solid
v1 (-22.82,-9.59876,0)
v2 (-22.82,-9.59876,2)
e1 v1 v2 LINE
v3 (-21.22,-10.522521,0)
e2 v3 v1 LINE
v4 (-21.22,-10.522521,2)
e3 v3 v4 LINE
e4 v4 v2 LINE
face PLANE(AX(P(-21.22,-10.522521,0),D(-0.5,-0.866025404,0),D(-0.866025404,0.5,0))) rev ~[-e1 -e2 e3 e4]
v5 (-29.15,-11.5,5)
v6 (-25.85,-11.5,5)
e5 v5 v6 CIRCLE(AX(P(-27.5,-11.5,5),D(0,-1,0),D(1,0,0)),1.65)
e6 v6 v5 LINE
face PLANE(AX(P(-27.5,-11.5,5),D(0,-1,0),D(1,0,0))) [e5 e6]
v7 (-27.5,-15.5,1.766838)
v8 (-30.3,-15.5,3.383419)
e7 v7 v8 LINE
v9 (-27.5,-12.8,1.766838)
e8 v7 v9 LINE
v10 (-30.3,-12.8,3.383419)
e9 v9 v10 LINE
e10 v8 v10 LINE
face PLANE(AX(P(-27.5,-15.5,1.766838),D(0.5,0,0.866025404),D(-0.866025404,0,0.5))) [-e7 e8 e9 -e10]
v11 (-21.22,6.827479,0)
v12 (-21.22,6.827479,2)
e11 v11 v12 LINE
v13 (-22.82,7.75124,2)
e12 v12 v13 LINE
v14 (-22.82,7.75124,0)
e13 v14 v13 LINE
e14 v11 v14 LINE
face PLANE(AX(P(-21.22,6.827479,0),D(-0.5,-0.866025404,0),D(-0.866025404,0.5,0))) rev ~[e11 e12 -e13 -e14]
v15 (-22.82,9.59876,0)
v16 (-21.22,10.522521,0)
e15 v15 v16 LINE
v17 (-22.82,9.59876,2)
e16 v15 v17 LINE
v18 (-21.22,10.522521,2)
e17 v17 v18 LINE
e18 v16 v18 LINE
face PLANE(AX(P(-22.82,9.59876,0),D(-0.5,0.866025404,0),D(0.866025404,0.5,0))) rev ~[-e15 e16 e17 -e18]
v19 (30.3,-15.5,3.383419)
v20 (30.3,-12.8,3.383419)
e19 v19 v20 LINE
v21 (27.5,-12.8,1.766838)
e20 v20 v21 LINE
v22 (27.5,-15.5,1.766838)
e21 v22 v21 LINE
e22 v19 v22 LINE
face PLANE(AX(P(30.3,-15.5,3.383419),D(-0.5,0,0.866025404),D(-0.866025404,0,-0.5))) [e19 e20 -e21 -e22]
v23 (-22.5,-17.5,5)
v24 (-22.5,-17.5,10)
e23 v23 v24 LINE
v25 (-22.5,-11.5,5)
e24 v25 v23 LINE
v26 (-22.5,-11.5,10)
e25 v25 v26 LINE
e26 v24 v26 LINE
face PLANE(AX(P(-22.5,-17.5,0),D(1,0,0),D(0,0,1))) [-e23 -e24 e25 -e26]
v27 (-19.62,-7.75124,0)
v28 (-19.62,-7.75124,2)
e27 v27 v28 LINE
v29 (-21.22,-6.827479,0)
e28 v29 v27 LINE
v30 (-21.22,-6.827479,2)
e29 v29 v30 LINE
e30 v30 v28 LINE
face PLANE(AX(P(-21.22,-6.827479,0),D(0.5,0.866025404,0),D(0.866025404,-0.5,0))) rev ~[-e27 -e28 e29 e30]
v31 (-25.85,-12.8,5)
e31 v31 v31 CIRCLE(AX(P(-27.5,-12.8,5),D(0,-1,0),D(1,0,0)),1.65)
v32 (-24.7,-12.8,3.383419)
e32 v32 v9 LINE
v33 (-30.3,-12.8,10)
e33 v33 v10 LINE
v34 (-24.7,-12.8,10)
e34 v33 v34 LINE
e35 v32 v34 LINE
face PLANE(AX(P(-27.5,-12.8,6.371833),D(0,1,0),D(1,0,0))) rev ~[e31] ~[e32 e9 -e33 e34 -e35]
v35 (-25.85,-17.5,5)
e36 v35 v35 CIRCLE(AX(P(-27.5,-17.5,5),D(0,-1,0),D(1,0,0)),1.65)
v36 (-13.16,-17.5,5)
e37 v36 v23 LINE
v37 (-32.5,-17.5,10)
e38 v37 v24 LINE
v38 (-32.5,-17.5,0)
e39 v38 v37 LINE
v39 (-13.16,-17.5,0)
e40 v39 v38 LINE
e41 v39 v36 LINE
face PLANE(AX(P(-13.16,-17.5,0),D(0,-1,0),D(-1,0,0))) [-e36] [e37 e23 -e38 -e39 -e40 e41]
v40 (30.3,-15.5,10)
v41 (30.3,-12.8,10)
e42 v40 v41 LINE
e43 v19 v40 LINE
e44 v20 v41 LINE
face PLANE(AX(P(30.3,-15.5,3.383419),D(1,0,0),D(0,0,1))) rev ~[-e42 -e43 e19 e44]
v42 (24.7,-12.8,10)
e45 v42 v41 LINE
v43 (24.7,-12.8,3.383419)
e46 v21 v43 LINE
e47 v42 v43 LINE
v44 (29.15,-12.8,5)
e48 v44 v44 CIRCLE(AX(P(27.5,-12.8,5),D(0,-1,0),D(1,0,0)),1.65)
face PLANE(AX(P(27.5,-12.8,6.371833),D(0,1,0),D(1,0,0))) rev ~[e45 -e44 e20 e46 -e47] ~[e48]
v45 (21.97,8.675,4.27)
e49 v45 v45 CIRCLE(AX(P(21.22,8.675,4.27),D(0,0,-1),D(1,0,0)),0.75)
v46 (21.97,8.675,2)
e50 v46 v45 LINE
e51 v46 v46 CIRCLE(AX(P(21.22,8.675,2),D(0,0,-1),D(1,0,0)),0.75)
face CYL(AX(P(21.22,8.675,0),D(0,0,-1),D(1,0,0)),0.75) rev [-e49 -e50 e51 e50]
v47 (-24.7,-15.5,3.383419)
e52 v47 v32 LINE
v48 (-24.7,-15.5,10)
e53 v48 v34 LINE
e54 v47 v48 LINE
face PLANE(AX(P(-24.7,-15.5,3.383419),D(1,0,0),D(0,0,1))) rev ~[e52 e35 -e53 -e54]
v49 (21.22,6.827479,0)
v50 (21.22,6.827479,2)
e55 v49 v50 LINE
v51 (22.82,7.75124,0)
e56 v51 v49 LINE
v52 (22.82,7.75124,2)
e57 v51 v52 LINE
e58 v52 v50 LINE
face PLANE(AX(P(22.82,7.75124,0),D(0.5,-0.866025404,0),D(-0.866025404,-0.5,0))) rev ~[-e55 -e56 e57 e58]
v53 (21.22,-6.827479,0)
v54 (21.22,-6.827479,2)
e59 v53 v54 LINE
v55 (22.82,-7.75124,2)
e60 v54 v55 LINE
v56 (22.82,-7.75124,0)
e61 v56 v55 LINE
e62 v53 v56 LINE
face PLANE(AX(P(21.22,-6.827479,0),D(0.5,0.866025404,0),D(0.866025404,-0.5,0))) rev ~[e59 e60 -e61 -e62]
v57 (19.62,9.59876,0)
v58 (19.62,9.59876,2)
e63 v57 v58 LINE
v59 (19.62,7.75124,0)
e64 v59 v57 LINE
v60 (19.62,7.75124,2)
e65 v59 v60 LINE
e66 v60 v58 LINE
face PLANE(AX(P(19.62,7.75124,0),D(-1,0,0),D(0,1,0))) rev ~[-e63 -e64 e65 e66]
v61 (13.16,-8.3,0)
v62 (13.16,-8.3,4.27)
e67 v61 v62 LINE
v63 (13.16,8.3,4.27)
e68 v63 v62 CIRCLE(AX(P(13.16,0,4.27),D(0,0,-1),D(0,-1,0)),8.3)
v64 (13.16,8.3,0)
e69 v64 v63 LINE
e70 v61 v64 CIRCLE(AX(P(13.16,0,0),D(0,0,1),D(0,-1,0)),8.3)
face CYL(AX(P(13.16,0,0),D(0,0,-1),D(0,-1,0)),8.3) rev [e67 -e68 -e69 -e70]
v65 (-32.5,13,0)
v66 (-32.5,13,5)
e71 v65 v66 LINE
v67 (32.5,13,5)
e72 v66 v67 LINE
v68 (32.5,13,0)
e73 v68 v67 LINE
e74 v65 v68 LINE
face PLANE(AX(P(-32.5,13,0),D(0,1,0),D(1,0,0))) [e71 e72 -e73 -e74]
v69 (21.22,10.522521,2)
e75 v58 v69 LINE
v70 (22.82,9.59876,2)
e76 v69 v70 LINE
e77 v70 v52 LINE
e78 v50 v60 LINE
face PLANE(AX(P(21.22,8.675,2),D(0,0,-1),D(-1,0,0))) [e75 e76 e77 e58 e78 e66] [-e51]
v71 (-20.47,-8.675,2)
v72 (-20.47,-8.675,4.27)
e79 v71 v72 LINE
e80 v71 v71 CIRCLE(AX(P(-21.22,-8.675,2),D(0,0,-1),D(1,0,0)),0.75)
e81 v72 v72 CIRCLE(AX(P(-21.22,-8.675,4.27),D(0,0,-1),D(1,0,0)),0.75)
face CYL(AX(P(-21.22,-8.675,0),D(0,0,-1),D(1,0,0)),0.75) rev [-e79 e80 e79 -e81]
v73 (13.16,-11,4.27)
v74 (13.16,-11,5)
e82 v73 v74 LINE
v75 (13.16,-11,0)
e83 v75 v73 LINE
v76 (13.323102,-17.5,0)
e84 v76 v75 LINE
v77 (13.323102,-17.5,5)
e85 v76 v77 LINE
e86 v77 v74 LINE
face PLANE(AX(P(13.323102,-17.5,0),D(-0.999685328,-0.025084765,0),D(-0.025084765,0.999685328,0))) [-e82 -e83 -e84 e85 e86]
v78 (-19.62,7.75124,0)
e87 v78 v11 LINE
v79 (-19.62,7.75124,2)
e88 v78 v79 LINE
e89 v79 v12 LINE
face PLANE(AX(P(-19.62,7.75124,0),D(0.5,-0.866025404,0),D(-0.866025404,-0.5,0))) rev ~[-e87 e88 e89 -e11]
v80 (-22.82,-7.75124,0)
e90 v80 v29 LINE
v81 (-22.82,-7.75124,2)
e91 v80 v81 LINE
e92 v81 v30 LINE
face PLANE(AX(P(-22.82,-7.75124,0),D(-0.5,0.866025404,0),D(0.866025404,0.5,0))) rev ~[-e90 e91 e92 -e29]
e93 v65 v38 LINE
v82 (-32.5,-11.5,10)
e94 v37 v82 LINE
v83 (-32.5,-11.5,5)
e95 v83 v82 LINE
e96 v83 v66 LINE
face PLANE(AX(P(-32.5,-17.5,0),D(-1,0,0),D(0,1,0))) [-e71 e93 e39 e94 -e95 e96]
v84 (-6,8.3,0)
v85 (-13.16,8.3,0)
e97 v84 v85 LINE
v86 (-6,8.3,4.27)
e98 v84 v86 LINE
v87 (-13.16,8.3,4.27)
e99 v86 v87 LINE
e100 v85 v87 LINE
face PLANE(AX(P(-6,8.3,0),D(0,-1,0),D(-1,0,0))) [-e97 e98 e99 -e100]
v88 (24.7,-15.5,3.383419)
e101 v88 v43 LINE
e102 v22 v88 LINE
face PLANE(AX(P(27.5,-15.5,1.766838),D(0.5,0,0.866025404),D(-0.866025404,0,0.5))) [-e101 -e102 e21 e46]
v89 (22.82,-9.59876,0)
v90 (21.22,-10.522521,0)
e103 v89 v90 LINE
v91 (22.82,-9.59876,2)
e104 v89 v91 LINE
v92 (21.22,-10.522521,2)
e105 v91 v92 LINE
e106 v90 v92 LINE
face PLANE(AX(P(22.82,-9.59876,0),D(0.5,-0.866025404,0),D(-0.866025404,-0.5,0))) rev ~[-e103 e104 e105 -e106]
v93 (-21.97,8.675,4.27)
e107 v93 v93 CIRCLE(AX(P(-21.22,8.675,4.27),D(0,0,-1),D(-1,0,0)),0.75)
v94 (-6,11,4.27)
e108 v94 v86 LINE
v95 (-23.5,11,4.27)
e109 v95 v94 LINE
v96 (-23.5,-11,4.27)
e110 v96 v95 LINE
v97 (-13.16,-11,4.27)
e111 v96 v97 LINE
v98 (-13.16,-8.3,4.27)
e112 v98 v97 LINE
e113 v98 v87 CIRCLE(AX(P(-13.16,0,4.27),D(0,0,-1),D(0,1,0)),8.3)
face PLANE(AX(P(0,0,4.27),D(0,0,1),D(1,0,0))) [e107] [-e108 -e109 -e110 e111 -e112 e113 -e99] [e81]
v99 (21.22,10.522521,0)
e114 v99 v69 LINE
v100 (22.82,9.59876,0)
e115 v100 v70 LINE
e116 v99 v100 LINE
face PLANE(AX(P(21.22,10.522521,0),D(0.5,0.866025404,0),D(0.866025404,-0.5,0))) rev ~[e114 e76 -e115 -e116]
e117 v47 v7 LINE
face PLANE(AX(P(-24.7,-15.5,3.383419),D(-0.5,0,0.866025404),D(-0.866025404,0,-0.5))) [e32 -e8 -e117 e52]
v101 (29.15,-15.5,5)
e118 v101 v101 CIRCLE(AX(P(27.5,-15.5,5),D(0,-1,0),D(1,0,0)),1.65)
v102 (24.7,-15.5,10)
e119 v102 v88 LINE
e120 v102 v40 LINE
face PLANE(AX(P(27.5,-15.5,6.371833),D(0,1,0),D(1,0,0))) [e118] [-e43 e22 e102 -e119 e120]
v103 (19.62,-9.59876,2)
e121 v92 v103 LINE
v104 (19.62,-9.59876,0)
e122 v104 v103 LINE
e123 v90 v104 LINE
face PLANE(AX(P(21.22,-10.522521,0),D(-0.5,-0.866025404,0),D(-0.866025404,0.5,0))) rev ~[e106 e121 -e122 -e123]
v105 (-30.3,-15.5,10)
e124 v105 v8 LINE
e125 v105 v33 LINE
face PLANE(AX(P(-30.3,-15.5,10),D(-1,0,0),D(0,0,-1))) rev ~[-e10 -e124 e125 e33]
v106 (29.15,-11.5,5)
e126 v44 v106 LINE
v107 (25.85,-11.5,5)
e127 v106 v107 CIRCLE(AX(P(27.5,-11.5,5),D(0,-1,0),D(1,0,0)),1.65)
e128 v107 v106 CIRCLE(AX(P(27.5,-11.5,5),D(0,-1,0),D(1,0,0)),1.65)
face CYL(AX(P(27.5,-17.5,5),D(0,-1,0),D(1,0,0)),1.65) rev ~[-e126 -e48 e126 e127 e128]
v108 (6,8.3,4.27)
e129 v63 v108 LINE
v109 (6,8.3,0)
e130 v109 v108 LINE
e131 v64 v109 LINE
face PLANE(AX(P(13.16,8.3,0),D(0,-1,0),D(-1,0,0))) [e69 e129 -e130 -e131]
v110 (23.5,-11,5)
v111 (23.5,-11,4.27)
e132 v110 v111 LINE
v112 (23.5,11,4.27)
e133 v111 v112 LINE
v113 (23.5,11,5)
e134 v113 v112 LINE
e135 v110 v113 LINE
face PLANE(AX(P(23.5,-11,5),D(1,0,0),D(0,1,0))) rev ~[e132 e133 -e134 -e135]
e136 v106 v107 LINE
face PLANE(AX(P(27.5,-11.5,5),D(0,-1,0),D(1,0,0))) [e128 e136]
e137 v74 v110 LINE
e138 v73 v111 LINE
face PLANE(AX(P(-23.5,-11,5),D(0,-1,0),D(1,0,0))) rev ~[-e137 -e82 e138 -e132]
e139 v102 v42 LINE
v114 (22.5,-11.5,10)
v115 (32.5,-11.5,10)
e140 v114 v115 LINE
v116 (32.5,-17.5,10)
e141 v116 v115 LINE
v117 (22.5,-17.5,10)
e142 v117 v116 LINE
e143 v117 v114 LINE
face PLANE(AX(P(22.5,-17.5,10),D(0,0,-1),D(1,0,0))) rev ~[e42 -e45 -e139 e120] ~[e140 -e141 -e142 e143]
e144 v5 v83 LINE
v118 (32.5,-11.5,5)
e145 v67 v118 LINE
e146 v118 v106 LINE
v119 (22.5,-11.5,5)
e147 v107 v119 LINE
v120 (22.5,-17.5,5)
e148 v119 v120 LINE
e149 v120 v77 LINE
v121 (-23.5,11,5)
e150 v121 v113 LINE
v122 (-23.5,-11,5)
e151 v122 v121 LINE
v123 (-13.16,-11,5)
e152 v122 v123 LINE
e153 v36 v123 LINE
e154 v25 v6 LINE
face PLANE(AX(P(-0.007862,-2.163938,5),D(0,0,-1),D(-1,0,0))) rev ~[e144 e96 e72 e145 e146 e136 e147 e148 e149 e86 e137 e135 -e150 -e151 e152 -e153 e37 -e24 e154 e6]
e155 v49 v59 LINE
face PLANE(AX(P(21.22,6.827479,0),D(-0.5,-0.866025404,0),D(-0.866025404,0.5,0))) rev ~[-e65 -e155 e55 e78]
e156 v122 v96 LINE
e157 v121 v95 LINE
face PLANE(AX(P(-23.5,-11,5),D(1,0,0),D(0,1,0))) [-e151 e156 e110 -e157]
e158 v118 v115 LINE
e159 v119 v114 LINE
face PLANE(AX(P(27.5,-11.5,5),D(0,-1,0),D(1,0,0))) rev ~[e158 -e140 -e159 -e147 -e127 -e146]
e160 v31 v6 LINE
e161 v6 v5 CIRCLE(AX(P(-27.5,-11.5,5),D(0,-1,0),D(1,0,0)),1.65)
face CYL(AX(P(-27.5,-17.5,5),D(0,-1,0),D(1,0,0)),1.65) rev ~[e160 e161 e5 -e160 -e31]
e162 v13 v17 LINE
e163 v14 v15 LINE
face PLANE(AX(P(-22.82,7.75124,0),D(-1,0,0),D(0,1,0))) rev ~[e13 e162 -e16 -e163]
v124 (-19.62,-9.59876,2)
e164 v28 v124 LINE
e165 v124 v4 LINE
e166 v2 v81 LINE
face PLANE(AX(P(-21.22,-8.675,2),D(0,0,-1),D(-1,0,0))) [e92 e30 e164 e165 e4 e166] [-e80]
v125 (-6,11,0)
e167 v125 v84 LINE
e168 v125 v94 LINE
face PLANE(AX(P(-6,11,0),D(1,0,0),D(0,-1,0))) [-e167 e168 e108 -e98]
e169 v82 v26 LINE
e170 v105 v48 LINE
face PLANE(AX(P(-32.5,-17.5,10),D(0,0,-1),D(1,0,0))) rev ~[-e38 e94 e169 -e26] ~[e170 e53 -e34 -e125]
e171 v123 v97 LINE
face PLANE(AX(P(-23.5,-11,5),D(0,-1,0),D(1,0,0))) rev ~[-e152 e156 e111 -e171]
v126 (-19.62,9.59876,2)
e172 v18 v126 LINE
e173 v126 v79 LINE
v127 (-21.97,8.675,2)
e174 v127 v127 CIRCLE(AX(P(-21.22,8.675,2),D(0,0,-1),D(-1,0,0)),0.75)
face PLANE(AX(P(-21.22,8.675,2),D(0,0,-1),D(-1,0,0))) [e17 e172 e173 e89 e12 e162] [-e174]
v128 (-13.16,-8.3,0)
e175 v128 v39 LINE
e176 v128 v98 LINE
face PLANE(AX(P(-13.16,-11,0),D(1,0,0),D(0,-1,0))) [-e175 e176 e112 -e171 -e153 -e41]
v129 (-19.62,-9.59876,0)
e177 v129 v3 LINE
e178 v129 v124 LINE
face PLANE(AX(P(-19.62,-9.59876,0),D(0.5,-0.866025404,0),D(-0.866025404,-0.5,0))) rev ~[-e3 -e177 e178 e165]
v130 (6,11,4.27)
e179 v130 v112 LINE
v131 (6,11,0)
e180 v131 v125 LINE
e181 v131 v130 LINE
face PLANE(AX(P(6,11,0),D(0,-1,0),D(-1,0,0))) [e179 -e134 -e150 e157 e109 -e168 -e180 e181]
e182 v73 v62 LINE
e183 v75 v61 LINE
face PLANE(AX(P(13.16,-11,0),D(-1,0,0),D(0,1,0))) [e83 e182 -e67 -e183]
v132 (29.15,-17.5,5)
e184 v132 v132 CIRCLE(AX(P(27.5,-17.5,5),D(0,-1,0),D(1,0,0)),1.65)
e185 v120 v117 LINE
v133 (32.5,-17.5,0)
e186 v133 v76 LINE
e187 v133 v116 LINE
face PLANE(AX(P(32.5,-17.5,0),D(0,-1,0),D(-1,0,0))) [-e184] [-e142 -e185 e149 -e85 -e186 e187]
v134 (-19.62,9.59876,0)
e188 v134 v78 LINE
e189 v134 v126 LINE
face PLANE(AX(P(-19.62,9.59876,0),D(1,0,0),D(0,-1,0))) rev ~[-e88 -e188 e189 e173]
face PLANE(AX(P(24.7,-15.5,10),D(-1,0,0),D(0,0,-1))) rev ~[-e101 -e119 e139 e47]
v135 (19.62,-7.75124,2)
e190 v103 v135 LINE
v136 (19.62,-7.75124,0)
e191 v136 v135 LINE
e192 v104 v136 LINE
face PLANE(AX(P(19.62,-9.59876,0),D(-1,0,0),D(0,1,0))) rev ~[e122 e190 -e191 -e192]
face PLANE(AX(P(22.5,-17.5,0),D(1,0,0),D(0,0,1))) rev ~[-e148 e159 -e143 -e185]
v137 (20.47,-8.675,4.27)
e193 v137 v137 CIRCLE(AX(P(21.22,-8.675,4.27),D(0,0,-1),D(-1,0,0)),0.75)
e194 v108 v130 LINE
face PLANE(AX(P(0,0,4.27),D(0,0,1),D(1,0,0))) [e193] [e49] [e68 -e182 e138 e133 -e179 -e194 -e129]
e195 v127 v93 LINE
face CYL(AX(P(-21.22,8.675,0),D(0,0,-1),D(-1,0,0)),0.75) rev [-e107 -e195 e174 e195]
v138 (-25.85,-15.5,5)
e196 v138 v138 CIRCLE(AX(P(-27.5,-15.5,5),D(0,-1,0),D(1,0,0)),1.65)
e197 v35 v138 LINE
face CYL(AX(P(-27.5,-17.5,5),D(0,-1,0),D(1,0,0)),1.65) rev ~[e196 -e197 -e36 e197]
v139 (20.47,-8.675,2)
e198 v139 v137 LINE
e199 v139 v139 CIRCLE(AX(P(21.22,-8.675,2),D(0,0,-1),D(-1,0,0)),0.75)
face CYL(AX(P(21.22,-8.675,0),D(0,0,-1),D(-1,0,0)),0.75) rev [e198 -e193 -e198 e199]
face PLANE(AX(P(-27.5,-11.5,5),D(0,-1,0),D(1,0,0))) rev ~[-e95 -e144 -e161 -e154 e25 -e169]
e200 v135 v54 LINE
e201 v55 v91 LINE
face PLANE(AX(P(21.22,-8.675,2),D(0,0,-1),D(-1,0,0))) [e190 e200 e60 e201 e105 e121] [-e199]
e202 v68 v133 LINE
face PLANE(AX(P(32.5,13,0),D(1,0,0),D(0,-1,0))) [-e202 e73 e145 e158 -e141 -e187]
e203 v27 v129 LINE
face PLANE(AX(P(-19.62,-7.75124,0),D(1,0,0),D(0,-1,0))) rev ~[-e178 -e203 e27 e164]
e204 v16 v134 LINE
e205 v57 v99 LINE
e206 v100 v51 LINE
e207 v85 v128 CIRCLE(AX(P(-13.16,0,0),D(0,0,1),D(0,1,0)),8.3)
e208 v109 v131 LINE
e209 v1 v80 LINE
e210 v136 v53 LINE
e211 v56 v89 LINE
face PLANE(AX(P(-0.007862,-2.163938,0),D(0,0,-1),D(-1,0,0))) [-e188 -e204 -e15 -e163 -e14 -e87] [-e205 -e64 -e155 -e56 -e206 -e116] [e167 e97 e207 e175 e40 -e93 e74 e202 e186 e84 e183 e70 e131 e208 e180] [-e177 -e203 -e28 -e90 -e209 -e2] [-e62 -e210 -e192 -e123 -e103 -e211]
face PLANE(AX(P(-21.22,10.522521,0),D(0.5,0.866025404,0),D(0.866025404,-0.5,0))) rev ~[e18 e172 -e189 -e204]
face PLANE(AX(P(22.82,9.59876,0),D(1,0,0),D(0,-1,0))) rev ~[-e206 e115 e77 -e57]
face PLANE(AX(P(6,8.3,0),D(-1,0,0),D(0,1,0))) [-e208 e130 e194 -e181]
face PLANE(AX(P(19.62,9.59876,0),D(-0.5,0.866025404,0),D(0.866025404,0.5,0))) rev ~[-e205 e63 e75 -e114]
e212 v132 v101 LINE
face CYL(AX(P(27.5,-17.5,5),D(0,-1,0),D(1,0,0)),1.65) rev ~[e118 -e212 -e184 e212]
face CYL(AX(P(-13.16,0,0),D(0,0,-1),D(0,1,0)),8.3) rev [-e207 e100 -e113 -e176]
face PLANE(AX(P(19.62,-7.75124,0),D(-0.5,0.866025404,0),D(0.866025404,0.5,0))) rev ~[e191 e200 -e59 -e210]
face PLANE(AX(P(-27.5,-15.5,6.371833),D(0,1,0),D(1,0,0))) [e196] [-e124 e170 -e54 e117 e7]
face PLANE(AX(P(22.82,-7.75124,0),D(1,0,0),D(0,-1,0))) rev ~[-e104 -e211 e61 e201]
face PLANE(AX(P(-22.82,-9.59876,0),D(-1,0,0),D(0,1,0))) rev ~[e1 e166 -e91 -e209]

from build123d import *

# Parameters (mm, degrees)
EXTRUDE_1_DEPTH      = 5
SKETCH_1_R           = 0.75
CUT_EXTRUDE_11_DEPTH = 5
SKETCH_3_W           = 47
SKETCH_3_H           = 22
CUT_EXTRUDE_14_DEPTH = 0.73
SKETCH_4_W           = 10
SKETCH_4_H           = 10
EXTRUDE_2_DEPTH      = 6
SKETCH_5_R           = 1.65
CUT_EXTRUDE_15_DEPTH = 6
CUT_EXTRUDE_16_DEPTH = 2.7
CUT_EXTRUDE_17_DEPTH = 2


with BuildPart() as part:
    # Эскиз2 → Бобышка-Вытянуть1 (new body)
    with BuildSketch(Plane.XY):
        Polygon((-32.499999999, 13), (32.500000001, 13), (32.500000001, -17.5), (13.323102298, -17.5), (13.16, -11), (-13.16, -11), (-13.16, -17.5), (-32.499999999, -17.5), align=None)
    extrude(amount=EXTRUDE_1_DEPTH)

    # Эскиз1 → Вырез-Вытянуть11 (cut)
    with BuildSketch(Plane.XY):
        with Locations((21.22, 8.675)):
            Circle(SKETCH_1_R)
        with Locations(Location((21.22, -8.675, 0), (0, 0, 180))):
            Circle(SKETCH_1_R)
        with Locations((-21.22, -8.675)):
            Circle(SKETCH_1_R)
        with Locations(Location((-21.22, 8.675, 0), (0, 0, 180))):
            Circle(SKETCH_1_R)
        with BuildLine():
            Line((13.16, 8.3), (6, 8.3))
            Line((6, 8.3), (6, 11))
            Line((6, 11), (-6, 11))
            Line((-6, 11), (-6, 8.3))
            Line((-6, 8.3), (-13.16, 8.3))
            ThreePointArc((-13.16, 8.3), (-21.46, 0), (-13.16, -8.3))
            Line((-13.16, -8.3), (-13.16, -11))
            Line((-13.16, -11), (13.16, -11))
            Line((13.16, -11), (13.16, -8.3))
            ThreePointArc((13.16, -8.3), (21.46, 0), (13.16, 8.3))
        make_face()
    extrude(amount=CUT_EXTRUDE_11_DEPTH, mode=Mode.SUBTRACT)

    # Эскиз3 → Вырез-Вытянуть14 (cut)
    with BuildSketch(Plane.XY.offset(5)):
        Rectangle(SKETCH_3_W, SKETCH_3_H)
    extrude(amount=-CUT_EXTRUDE_14_DEPTH, mode=Mode.SUBTRACT)

    # Эскиз4 → Бобышка-Вытянуть2 (add)
    with BuildSketch(Plane.XZ.offset(17.5)):
        with Locations((-27.499999999, 5)):
            Rectangle(SKETCH_4_W, SKETCH_4_H)
        with Locations((27.500000001, 5)):
            Rectangle(SKETCH_4_W, SKETCH_4_H)
    extrude(amount=-EXTRUDE_2_DEPTH)

    # Эскиз5 → Вырез-Вытянуть15 (cut)
    with BuildSketch(Plane.XZ.offset(17.5)):
        with Locations((-27.499999999, 5)):
            Circle(SKETCH_5_R)
        with Locations((27.500000001, 5)):
            Circle(SKETCH_5_R)
    extrude(amount=-CUT_EXTRUDE_15_DEPTH, mode=Mode.SUBTRACT)

    # Эскиз6 → Вырез-Вытянуть16 (cut)
    with BuildSketch(Plane(origin=(0, -15.5, 0), x_dir=(-1, 0, 0), z_dir=(0, -1, 0))):
        Polygon((30.299999999, -6.616580754), (30.299999999, -10), (24.699999999, -10), (24.699999999, -6.616580754), (24.699999999, -3.383419246), (27.499999999, -1.766838493), (30.299999999, -3.383419246), align=None)
        Polygon((-24.700000001, -6.616580754), (-24.700000001, -10), (-30.300000001, -10), (-30.300000001, -6.616580754), (-30.300000001, -3.383419246), (-27.500000001, -1.766838493), (-24.700000001, -3.383419246), align=None)
    extrude(amount=-CUT_EXTRUDE_16_DEPTH, mode=Mode.SUBTRACT)

    # Эскиз7 → Вырез-Вытянуть17 (cut)
    with BuildSketch(Plane(origin=(0, 0, 0), x_dir=(-1, 0, 0), z_dir=(0, 0, -1))):
        Polygon((-21.22, 10.522520861), (-22.82, 9.598760431), (-22.82, 7.751239569), (-21.22, 6.827479139), (-19.62, 7.751239569), (-19.62, 9.598760431), align=None)
        Polygon((-21.22, -6.827479139), (-22.82, -7.751239569), (-22.82, -9.598760431), (-21.22, -10.522520861), (-19.62, -9.598760431), (-19.62, -7.751239569), align=None)
        Polygon((21.22, 10.522520861), (19.62, 9.598760431), (19.62, 7.751239569), (21.22, 6.827479139), (22.82, 7.751239569), (22.82, 9.598760431), align=None)
        Polygon((21.22, -6.827479139), (19.62, -7.751239569), (19.62, -9.598760431), (21.22, -10.522520861), (22.82, -9.598760431), (22.82, -7.751239569), align=None)
    extrude(amount=-CUT_EXTRUDE_17_DEPTH, mode=Mode.SUBTRACT)


solid = part.part
